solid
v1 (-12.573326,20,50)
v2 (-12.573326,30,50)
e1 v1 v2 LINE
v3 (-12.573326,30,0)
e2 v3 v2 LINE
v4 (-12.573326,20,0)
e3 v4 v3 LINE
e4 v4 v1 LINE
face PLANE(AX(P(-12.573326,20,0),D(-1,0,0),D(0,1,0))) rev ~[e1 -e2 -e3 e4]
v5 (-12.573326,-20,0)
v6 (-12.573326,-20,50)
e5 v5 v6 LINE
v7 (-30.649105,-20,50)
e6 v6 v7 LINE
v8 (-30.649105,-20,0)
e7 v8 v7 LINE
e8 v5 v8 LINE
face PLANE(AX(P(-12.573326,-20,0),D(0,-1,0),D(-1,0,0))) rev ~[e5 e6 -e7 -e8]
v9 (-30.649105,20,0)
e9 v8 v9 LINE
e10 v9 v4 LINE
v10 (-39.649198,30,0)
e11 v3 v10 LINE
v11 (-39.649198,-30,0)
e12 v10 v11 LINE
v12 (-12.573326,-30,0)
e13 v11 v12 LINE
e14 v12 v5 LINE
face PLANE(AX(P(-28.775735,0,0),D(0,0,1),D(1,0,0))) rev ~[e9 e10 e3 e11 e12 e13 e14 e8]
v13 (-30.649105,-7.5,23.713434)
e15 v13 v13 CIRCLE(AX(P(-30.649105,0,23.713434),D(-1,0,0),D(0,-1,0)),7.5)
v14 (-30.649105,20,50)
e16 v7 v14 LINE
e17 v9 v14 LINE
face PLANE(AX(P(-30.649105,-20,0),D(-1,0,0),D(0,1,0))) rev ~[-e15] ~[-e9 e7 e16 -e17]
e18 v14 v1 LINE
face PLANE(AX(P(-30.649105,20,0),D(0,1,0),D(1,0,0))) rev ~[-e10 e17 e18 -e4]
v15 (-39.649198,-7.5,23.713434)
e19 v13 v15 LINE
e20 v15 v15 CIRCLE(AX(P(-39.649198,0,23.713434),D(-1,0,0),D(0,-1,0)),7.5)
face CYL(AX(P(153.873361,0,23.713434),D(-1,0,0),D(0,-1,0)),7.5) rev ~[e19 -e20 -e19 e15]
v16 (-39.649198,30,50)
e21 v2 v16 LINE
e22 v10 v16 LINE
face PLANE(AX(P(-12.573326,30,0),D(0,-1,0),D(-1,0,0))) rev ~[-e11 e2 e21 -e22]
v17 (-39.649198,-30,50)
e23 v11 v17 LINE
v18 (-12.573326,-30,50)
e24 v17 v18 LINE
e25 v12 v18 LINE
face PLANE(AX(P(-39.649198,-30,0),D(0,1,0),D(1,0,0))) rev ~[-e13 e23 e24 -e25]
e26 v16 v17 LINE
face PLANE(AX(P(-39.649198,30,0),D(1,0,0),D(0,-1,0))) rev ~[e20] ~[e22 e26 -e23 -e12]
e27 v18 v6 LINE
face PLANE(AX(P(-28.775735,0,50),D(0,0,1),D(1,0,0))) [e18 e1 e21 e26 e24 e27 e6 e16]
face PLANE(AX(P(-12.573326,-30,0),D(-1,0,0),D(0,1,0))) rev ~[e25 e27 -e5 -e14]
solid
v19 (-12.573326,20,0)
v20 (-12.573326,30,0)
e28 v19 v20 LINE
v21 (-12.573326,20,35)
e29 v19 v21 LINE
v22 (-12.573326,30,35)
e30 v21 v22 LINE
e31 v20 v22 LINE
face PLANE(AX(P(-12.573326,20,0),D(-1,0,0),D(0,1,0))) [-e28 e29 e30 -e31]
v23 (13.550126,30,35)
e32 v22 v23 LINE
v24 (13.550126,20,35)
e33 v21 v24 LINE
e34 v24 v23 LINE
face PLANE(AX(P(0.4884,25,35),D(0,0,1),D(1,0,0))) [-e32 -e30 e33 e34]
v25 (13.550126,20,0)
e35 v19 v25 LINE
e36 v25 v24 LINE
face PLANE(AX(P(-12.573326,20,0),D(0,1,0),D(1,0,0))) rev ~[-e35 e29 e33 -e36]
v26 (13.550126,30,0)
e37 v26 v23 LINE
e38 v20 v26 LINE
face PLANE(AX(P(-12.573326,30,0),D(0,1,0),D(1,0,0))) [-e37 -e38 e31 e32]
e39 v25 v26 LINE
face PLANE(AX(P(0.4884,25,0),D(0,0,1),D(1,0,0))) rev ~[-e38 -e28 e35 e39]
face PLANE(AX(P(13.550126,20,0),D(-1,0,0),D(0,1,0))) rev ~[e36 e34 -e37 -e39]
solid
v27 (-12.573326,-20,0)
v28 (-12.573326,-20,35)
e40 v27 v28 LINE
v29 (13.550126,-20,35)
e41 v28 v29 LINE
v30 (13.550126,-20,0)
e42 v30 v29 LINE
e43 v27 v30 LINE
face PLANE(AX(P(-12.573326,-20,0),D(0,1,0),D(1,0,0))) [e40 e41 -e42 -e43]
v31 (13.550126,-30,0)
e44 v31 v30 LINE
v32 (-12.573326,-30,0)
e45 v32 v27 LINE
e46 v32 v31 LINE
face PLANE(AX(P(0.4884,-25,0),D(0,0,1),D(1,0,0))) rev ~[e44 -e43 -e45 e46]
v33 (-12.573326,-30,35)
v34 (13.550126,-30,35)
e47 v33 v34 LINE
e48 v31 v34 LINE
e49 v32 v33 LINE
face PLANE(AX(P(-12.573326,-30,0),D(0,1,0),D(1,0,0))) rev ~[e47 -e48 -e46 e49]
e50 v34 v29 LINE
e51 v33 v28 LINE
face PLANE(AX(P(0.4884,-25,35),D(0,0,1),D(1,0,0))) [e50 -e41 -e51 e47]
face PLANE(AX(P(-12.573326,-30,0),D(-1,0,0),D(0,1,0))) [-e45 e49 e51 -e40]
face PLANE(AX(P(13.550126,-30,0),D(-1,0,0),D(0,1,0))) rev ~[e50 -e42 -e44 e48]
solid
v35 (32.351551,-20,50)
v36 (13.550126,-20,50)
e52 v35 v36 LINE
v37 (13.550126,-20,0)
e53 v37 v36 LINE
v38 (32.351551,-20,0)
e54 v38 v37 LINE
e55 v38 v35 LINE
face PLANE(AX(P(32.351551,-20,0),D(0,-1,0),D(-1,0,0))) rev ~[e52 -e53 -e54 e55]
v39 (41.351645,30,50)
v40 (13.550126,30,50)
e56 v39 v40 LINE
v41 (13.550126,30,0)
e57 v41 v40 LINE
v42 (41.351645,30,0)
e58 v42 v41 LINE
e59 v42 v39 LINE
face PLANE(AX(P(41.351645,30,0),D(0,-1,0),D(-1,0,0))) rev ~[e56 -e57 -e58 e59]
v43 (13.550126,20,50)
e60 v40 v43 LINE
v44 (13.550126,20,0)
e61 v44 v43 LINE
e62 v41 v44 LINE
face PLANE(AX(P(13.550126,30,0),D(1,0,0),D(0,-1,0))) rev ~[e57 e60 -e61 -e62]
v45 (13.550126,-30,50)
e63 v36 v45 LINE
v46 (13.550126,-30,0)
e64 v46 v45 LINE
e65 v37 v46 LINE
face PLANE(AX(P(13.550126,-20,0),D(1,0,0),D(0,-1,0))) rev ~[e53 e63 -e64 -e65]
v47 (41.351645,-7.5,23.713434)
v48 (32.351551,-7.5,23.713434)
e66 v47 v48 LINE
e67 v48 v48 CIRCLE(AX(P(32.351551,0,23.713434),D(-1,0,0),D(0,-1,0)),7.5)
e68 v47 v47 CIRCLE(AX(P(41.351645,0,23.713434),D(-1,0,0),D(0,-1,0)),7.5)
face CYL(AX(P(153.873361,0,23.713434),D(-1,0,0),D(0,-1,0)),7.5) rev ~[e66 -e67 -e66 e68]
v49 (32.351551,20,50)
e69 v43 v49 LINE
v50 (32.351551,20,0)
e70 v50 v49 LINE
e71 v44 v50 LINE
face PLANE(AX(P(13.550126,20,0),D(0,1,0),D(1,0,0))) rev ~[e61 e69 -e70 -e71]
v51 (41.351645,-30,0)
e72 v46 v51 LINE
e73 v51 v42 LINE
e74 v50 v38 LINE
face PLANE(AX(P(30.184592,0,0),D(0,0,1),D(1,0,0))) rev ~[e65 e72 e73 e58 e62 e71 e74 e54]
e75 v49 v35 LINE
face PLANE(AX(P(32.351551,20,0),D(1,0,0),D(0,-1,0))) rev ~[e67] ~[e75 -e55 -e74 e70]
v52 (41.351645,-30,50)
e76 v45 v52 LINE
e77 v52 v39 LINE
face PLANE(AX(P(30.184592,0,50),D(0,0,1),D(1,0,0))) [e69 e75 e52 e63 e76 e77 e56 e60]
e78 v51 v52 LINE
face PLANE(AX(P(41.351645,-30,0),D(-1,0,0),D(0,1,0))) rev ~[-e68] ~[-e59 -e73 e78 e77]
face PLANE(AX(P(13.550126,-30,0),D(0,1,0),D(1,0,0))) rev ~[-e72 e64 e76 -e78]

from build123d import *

# Parameters (mm, degrees)
F1_DEPTH = 50
F0_W     = 26.123452
F0_H     = 10
F2_DEPTH = 35
F4_D     = 15


with BuildPart() as f1:
    # F0 (on Top) → F1 (new body)
    with BuildSketch(Plane.XY):
        Polygon((-12.573326, 30), (-39.649198, 30), (-39.649198, -30), (-12.573326, -30), (-12.573326, -20), (-30.649105, -20), (-30.649105, 20), (-12.573326, 20), align=None)
        Polygon((41.351645, 30), (13.550126, 30), (13.550126, 20), (32.351551, 20), (32.351551, -20), (13.550126, -20), (13.550126, -30), (41.351645, -30), align=None)
    extrude(amount=F1_DEPTH)

    # F4 (through all)
    with Locations(Plane.YZ.offset(41.351645)):
        with Locations((0, 23.713434)):
            Hole(F4_D / 2)


with BuildPart() as f2:
    # F0 (on Top) → F2 (new body)
    with BuildSketch(Plane.XY):
        with Locations((0.4884, -25)):
            Rectangle(F0_W, F0_H)
        with Locations((0.4884, 25)):
            Rectangle(F0_W, F0_H)
    extrude(amount=F2_DEPTH)


solid = Compound([f1.part, f2.part])
